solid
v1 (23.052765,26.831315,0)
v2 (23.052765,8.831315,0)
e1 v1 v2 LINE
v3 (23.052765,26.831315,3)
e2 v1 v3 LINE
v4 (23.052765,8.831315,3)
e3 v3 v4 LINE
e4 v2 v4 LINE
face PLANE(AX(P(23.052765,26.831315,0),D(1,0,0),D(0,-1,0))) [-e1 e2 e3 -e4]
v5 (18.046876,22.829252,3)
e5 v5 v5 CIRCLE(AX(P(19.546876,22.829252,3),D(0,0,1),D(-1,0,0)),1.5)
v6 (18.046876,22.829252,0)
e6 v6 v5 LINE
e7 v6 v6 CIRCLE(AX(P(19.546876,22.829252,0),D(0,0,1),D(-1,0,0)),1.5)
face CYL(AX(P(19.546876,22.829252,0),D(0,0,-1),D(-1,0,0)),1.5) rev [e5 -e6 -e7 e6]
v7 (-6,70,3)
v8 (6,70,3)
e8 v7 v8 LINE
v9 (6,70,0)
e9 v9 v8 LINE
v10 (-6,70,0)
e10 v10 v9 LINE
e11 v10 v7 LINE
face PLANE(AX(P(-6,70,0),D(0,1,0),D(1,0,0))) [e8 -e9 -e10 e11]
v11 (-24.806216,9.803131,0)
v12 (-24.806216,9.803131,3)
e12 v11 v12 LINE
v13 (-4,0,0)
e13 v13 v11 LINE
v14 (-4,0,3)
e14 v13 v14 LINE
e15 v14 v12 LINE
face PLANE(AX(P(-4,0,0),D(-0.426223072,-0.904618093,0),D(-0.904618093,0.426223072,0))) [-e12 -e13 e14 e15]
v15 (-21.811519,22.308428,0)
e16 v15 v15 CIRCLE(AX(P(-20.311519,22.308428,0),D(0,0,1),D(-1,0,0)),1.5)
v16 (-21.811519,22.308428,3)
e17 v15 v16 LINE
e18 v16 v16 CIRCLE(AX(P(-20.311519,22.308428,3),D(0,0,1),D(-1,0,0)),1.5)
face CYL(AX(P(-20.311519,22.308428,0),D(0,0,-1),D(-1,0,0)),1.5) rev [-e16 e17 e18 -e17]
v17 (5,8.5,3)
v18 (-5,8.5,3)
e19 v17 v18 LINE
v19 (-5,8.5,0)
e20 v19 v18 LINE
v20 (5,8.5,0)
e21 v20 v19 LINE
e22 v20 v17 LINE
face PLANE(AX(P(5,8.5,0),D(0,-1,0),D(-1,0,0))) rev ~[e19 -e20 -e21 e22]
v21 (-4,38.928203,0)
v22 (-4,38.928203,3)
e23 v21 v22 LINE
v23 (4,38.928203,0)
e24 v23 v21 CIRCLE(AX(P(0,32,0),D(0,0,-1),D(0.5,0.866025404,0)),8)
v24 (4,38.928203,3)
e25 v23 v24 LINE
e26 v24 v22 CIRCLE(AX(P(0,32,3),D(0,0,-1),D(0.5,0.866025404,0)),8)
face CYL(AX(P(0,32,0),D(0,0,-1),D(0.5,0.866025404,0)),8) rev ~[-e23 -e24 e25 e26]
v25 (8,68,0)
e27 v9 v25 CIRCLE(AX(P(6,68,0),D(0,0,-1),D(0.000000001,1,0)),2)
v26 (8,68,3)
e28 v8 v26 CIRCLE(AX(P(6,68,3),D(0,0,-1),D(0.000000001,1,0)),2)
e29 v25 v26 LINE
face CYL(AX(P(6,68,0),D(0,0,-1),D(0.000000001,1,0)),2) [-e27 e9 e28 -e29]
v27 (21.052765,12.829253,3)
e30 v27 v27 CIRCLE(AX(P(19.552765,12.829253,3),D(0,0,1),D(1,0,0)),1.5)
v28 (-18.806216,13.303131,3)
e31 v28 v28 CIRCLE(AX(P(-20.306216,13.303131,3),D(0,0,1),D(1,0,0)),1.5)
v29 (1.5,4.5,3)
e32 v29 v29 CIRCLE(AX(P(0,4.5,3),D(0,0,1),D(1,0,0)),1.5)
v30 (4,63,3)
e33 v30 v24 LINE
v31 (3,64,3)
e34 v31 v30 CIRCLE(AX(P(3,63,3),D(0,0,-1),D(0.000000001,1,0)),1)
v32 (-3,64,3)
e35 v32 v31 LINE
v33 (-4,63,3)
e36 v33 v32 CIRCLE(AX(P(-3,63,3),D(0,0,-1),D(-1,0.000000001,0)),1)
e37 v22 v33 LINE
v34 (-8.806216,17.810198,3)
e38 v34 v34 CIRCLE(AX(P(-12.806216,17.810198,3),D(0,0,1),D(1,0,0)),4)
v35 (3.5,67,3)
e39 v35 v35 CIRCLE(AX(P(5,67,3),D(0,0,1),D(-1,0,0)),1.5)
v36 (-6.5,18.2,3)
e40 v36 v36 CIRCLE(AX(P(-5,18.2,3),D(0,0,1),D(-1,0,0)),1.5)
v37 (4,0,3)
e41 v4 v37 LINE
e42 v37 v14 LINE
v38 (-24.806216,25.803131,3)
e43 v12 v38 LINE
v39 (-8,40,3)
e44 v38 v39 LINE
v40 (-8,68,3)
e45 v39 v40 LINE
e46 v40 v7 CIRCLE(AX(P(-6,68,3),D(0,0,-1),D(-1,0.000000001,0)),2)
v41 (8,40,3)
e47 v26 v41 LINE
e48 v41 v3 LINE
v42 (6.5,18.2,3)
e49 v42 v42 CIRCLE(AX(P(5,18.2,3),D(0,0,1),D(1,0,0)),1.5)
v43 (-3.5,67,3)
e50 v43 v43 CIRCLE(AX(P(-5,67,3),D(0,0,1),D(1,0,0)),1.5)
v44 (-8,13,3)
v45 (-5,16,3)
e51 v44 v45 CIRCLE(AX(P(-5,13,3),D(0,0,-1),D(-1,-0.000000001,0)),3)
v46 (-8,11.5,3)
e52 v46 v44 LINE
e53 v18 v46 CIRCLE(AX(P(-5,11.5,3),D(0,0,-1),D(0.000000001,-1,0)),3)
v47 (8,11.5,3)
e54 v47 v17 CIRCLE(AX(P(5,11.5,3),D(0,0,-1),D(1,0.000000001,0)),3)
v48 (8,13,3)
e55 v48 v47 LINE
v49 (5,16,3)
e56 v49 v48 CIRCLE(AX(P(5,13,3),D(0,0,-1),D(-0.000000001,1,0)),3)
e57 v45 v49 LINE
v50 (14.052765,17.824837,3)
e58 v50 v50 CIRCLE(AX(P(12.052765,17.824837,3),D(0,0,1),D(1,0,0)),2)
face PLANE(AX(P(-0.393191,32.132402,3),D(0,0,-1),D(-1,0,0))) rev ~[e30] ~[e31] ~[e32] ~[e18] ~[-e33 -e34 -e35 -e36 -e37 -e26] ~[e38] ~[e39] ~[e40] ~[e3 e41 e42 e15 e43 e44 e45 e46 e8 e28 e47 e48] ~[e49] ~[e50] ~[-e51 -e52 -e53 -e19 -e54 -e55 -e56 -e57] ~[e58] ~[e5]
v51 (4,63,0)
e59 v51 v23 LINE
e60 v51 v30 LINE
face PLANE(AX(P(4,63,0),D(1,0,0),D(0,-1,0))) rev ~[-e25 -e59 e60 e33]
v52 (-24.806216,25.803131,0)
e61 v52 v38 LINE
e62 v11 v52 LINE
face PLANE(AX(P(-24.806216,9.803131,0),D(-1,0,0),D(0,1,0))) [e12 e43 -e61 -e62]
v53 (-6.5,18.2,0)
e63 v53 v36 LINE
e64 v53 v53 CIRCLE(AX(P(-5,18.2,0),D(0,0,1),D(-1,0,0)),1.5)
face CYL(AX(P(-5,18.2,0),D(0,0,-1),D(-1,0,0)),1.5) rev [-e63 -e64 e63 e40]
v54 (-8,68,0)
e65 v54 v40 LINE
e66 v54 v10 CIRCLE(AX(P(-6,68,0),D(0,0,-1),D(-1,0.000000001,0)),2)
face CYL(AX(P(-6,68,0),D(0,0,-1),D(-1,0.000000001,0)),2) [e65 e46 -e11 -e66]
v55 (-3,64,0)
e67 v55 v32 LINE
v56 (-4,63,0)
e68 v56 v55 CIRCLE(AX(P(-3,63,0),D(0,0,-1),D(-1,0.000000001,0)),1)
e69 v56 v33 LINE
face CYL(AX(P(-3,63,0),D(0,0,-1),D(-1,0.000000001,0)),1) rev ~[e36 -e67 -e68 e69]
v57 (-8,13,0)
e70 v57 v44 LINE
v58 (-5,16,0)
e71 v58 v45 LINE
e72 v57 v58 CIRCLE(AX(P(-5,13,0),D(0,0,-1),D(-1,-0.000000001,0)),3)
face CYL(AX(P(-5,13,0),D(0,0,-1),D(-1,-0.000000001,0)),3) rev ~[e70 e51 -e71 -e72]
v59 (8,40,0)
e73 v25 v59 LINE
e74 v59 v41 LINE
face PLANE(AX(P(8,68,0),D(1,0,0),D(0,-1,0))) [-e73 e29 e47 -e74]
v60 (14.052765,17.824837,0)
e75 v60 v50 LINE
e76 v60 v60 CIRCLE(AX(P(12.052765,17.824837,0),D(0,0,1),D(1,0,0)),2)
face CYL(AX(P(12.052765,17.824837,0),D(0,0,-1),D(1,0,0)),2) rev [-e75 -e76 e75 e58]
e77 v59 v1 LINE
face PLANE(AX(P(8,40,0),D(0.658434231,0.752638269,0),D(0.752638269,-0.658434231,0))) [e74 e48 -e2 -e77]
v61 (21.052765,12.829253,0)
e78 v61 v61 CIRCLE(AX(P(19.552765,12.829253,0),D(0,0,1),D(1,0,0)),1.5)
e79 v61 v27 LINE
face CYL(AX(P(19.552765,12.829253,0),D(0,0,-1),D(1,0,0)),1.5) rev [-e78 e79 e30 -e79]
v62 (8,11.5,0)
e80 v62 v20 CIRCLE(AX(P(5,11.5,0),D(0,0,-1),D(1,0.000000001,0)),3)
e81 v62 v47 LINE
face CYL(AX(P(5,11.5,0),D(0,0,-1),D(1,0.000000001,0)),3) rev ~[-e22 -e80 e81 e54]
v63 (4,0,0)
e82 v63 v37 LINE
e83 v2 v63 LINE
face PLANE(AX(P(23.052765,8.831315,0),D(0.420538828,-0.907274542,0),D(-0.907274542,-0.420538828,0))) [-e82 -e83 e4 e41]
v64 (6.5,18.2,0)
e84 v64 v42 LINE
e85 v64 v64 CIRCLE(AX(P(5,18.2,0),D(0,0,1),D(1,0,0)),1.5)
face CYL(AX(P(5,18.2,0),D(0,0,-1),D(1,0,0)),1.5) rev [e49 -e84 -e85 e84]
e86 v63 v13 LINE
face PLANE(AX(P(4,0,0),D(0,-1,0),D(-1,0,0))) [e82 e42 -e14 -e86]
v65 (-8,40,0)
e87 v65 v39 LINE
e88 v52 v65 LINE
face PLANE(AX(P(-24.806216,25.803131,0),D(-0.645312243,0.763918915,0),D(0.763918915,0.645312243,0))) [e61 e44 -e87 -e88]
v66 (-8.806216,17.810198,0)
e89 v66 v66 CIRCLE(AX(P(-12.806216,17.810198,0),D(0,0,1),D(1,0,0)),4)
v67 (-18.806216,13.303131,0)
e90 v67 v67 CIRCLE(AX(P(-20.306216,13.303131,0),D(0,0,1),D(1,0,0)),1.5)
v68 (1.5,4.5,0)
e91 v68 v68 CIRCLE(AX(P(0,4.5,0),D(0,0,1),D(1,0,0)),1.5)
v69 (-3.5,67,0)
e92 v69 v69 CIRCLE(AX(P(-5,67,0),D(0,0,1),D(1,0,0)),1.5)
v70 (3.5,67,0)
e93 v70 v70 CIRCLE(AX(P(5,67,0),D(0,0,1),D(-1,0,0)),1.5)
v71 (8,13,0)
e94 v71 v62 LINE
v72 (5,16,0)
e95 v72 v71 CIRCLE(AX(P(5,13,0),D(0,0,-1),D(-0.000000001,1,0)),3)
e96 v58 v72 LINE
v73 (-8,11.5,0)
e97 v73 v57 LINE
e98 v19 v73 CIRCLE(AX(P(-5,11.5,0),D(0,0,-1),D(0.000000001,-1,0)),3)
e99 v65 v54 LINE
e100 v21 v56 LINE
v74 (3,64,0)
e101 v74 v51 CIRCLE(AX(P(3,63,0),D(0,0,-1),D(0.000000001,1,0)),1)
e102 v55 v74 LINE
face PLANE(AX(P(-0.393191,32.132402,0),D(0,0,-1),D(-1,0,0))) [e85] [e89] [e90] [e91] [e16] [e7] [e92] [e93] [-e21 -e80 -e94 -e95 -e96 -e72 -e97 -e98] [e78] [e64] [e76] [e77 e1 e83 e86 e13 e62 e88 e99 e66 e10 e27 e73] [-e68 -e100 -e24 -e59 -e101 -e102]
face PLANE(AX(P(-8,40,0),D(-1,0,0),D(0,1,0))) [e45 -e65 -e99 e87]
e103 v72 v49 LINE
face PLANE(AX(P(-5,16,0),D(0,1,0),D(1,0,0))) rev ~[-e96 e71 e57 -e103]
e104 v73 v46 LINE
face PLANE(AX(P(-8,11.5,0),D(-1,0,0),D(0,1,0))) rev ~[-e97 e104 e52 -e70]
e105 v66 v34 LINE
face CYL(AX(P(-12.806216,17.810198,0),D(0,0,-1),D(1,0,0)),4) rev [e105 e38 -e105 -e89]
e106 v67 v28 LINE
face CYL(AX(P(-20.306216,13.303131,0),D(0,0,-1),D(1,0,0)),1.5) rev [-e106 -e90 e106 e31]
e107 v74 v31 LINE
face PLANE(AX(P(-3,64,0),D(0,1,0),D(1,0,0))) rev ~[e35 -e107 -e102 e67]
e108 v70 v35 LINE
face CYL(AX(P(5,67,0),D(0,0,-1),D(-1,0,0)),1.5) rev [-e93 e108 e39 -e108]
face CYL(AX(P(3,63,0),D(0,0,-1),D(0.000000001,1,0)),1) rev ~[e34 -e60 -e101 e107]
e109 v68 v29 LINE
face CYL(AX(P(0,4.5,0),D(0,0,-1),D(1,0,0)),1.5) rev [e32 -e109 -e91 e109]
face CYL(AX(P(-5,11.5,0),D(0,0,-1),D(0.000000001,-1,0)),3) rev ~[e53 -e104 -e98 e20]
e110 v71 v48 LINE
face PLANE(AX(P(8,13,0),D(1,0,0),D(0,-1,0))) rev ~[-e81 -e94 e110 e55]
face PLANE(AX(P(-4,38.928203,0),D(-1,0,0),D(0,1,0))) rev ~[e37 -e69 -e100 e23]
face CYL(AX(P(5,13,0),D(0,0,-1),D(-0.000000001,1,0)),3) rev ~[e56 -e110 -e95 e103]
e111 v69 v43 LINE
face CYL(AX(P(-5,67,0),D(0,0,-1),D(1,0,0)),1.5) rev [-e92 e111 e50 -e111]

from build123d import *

# Parameters (mm, degrees)
SKETCH1_R           = 1.5
SKETCH1_R_2         = 4
SKETCH1_R_3         = 2
BOSS_EXTRUDE1_DEPTH = 3


with BuildPart() as part:
    # Sketch1 → Boss-Extrude1 (new body)
    with BuildSketch(Plane.XY):
        with BuildLine():
            Line((-6, 70), (6, 70))
            ThreePointArc((6, 70), (7.414213562, 69.414213562), (8, 68))
            Line((8, 68), (8, 40))
            Line((8, 40), (23.052765378, 26.831315386))
            Line((23.052765378, 26.831315386), (23.052765378, 8.831315386))
            Line((23.052765378, 8.831315386), (4, 0))
            Line((4, 0), (-4, 0))
            Line((-4, 0), (-24.806216128, 9.803130645))
            Line((-24.806216128, 9.803130645), (-24.806216128, 25.803130645))
            Line((-24.806216128, 25.803130645), (-8, 40))
            Line((-8, 40), (-8, 68))
            ThreePointArc((-8, 68), (-7.414213562, 69.414213562), (-6, 70))
        make_face()
        with Locations((0, 4.5)):
            Circle(SKETCH1_R, mode=Mode.SUBTRACT)
        with Locations((-20.306216128, 13.303130645)):
            Circle(SKETCH1_R, mode=Mode.SUBTRACT)
        with Locations(Location((-20.311519457, 22.308427732, 0), (0, 0, 180))):
            Circle(SKETCH1_R, mode=Mode.SUBTRACT)
        with Locations((-12.806216128, 17.810197592)):
            Circle(SKETCH1_R_2, mode=Mode.SUBTRACT)
        with Locations((-5, 67)):
            Circle(SKETCH1_R, mode=Mode.SUBTRACT)
        with Locations(Location((5, 67, 0), (0, 0, 180))):
            Circle(SKETCH1_R, mode=Mode.SUBTRACT)
        with Locations((5, 18.2)):
            Circle(SKETCH1_R, mode=Mode.SUBTRACT)
        with Locations(Location((-5, 18.2, 0), (0, 0, 180))):
            Circle(SKETCH1_R, mode=Mode.SUBTRACT)
        with Locations((19.552765378, 12.829253326)):
            Circle(SKETCH1_R, mode=Mode.SUBTRACT)
        with Locations(Location((19.546876257, 22.829251592, 0), (0, 0, 180))):
            Circle(SKETCH1_R, mode=Mode.SUBTRACT)
        with Locations((12.052765378, 17.824837351)):
            Circle(SKETCH1_R_3, mode=Mode.SUBTRACT)
        with BuildLine():
            Line((-3, 64), (3, 64))
            ThreePointArc((3, 64), (3.707106781, 63.707106781), (4, 63))
            Line((4, 63), (4, 38.92820323))
            ThreePointArc((4, 38.92820323), (0, 24), (-4, 38.92820323))
            Line((-4, 38.92820323), (-4, 63))
            ThreePointArc((-4, 63), (-3.707106781, 63.707106781), (-3, 64))
        make_face(mode=Mode.SUBTRACT)
        with BuildLine():
            Line((-5, 16), (5, 16))
            ThreePointArc((5, 16), (7.121320344, 15.121320344), (8, 13))
            Line((8, 13), (8, 11.5))
            ThreePointArc((8, 11.5), (7.121320344, 9.378679656), (5, 8.5))
            Line((5, 8.5), (-5, 8.5))
            ThreePointArc((-5, 8.5), (-7.121320344, 9.378679656), (-8, 11.5))
            Line((-8, 11.5), (-8, 13))
            ThreePointArc((-8, 13), (-7.121320344, 15.121320344), (-5, 16))
        make_face(mode=Mode.SUBTRACT)
    extrude(amount=BOSS_EXTRUDE1_DEPTH)


solid = part.part
